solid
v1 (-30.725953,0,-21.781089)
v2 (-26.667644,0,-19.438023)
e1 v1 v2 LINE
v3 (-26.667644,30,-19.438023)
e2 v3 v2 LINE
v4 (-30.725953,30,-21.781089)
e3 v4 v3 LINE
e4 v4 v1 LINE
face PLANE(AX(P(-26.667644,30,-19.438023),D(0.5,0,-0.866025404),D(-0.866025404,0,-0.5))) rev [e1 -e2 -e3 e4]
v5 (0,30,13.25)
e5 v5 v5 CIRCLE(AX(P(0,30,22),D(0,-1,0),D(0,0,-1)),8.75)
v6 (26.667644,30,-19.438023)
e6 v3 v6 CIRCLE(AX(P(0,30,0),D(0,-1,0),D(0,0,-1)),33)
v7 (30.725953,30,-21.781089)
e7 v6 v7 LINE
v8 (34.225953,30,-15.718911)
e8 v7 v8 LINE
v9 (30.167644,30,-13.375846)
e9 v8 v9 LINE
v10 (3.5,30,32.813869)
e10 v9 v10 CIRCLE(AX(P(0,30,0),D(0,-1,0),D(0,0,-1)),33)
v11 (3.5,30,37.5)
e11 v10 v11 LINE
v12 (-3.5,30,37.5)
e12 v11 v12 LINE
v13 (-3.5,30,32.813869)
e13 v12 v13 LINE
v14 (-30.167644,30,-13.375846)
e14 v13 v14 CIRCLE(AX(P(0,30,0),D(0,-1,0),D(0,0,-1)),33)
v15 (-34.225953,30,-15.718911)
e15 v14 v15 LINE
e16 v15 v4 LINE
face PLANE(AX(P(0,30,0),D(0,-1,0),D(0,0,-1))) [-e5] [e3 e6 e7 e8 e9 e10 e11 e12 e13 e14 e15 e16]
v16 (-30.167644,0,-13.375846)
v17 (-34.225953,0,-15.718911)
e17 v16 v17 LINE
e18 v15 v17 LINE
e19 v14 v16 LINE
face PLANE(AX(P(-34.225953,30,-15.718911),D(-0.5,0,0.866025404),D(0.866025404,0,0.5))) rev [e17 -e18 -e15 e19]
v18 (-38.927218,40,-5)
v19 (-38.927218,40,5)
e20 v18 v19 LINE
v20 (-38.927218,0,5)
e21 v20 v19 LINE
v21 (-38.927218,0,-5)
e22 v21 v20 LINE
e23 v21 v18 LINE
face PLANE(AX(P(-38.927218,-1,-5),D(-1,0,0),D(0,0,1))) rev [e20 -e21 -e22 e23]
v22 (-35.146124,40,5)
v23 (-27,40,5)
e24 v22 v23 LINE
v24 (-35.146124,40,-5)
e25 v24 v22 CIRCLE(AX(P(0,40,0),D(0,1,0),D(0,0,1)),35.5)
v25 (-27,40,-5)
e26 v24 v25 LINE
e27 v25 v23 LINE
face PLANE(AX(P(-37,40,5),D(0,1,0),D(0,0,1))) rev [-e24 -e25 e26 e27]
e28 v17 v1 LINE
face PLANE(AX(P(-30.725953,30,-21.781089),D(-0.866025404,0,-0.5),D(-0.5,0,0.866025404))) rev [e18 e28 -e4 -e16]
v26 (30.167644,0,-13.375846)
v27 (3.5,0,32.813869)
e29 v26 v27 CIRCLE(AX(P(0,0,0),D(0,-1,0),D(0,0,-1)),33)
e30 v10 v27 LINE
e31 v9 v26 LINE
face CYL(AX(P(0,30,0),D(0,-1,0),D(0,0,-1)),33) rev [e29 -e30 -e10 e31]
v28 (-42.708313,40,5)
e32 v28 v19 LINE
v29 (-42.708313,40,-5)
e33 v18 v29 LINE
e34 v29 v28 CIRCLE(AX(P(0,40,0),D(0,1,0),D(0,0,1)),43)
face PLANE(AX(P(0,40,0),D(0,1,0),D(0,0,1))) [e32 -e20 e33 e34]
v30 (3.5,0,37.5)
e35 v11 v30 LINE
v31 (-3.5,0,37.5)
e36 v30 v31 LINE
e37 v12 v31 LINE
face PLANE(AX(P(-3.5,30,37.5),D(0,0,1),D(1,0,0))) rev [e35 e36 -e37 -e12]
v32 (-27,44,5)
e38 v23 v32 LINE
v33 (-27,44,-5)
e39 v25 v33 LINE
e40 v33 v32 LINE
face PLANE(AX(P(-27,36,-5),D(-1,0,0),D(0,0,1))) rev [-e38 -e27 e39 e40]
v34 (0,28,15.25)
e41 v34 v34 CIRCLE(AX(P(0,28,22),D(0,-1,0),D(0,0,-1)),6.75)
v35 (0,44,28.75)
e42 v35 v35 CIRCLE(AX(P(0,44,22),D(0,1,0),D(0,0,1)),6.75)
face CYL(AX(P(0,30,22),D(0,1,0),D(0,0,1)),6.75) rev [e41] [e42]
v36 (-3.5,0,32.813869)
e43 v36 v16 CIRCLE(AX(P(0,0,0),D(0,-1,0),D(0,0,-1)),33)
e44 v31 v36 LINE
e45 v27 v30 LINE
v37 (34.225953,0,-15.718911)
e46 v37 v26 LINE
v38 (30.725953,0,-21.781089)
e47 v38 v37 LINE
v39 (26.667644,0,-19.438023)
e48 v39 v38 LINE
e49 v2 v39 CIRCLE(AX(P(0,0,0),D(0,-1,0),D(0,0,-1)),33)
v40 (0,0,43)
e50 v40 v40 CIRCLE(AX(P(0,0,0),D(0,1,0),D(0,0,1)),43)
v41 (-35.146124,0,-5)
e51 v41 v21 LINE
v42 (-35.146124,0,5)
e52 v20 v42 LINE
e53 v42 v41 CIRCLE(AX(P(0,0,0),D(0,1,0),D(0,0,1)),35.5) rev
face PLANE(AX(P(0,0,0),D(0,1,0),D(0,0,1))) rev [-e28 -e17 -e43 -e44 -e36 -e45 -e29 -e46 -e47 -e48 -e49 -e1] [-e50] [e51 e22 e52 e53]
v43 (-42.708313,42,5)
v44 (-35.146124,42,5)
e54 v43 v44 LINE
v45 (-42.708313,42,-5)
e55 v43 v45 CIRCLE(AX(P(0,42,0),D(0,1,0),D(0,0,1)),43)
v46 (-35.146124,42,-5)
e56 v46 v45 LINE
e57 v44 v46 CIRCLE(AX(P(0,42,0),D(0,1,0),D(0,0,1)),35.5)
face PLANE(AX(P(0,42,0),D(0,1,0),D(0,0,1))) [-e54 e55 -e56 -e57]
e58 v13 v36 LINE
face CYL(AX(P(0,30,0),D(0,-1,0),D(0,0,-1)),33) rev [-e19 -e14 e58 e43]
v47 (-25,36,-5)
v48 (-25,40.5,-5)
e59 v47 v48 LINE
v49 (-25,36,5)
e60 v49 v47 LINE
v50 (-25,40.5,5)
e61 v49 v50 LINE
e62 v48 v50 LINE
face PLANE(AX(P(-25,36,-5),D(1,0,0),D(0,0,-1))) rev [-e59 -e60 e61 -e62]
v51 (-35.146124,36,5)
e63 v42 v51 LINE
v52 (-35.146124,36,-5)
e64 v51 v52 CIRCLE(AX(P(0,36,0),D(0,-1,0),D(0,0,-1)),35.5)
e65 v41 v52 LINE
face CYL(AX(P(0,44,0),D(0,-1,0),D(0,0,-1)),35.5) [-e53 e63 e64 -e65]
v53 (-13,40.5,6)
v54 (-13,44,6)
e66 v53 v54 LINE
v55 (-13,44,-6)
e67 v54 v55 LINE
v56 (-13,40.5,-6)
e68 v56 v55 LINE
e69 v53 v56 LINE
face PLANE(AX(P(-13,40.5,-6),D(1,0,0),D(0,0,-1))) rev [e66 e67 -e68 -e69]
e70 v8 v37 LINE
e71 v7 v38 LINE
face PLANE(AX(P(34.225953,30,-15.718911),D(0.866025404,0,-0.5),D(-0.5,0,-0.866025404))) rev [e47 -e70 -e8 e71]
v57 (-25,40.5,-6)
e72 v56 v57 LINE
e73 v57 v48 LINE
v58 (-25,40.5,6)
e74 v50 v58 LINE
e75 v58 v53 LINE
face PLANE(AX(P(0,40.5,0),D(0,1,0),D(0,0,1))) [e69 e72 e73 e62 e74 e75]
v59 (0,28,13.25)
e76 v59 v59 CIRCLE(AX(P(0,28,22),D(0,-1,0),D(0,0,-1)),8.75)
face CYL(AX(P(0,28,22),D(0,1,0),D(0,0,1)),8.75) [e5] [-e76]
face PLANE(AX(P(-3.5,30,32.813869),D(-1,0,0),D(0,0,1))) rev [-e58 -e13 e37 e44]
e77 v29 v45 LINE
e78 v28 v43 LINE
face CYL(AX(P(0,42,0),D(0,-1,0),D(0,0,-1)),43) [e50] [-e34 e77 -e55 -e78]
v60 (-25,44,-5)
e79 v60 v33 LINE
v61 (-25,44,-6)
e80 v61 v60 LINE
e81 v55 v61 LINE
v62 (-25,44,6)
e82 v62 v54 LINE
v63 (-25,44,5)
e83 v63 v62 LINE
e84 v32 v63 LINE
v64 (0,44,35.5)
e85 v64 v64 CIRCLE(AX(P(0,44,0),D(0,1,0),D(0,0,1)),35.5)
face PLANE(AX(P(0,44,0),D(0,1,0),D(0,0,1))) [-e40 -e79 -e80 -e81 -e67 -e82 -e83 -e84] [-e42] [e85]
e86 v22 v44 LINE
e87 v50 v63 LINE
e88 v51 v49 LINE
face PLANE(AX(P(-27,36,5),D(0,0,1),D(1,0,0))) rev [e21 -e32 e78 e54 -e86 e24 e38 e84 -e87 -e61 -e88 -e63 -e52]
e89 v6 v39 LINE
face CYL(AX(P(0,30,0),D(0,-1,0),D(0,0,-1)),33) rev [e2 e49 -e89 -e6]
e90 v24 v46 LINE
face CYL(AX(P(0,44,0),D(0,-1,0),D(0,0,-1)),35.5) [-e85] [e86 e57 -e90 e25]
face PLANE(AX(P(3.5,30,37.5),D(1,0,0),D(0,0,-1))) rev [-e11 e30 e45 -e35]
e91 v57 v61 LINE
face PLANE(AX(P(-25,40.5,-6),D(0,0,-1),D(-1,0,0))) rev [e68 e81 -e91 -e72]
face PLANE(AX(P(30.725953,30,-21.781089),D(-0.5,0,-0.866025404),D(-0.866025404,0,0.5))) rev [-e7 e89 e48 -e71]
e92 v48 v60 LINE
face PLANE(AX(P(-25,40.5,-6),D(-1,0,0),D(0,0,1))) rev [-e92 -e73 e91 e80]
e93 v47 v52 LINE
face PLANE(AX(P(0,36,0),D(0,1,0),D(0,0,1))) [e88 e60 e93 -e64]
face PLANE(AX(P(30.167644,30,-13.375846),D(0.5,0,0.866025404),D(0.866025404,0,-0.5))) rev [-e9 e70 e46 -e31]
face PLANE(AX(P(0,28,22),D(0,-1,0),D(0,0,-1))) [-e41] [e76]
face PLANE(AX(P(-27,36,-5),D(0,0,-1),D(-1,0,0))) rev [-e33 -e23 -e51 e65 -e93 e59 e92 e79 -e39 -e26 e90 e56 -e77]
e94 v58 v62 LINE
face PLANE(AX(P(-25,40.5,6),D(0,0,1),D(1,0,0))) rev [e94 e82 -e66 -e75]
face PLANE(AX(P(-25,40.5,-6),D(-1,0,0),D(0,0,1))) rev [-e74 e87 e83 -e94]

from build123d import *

# Parameters (mm, degrees)
SKETCH2_R           = 43
BOSS_EXTRUDE1_DEPTH = 42
SKETCH3_R           = 35.5
BOSS_EXTRUDE2_DEPTH = 2
CUT_EXTRUDE1_DEPTH  = 30
SKETCH6_W           = 12
SKETCH6_H           = 12
CUT_EXTRUDE2_DEPTH  = 3.5
SKETCH5_W           = 2
SKETCH5_H           = 10
CUT_EXTRUDE3_DEPTH  = 8
SKETCH7_R           = 6.75
CUT_EXTRUDE4_DEPTH  = 14
CUT_EXTRUDE5_DEPTH  = 2
CUT_EXTRUDE6_DEPTH  = 41
SKETCH10_W          = 10
SKETCH10_H          = 4
CUT_EXTRUDE7_DEPTH  = 10
SKETCH11_R          = 8.75
SKETCH11_R_2        = 6.75
BOSS_EXTRUDE3_DEPTH = 2


with BuildPart() as part:
    # Sketch2 → Boss-Extrude1 (new body)
    with BuildSketch(Plane(origin=(0, 0, 0), x_dir=(1, 0, 0), z_dir=(0, 1, 0))):
        Circle(SKETCH2_R)
    extrude(amount=BOSS_EXTRUDE1_DEPTH)

    # Sketch3 → Boss-Extrude2 (add)
    with BuildSketch(Plane(origin=(0, 42, 0), x_dir=(1, 0, 0), z_dir=(0, 1, 0))):
        Circle(SKETCH3_R)
    extrude(amount=BOSS_EXTRUDE2_DEPTH)

    # Sketch4 → Cut-Extrude1 (cut)
    with BuildSketch(Plane.XZ):
        with BuildLine():
            Line((-3.5, 32.813869019), (-3.5, 37.5))
            Line((-3.5, 37.5), (3.5, 37.5))
            Line((3.5, 37.5), (3.5, 32.813869019))
            ThreePointArc((3.5, 32.813869019), (28.578838325, 16.5), (30.167644167, -13.375845596))
            Line((30.167644167, -13.375845596), (34.225952642, -15.718911087))
            Line((34.225952642, -15.718911087), (30.725952642, -21.781088913))
            Line((30.725952642, -21.781088913), (26.667644167, -19.438023423))
            ThreePointArc((26.667644167, -19.438023423), (0, -33), (-26.667644167, -19.438023423))
            Line((-26.667644167, -19.438023423), (-30.725952642, -21.781088913))
            Line((-30.725952642, -21.781088913), (-34.225952642, -15.718911087))
            Line((-34.225952642, -15.718911087), (-30.167644167, -13.375845596))
            ThreePointArc((-30.167644167, -13.375845596), (-28.578838325, 16.5), (-3.5, 32.813869019))
        make_face()
    extrude(amount=-CUT_EXTRUDE1_DEPTH, mode=Mode.SUBTRACT)

    # Sketch6 → Cut-Extrude2 (cut)
    with BuildSketch(Plane(origin=(0, 44, 0), x_dir=(1, 0, 0), z_dir=(0, 1, 0))):
        with Locations((-19, 0)):
            Rectangle(SKETCH6_W, SKETCH6_H)
    extrude(amount=-CUT_EXTRUDE2_DEPTH, mode=Mode.SUBTRACT)

    # Sketch5 → Cut-Extrude3 (cut)
    with BuildSketch(Plane(origin=(0, 44, 0), x_dir=(1, 0, 0), z_dir=(0, 1, 0))):
        with Locations((-26, 0)):
            Rectangle(SKETCH5_W, SKETCH5_H)
    extrude(amount=-CUT_EXTRUDE3_DEPTH, mode=Mode.SUBTRACT)

    # Sketch7 → Cut-Extrude4 (cut)
    with BuildSketch(Plane(origin=(0, 44, 0), x_dir=(1, 0, 0), z_dir=(0, 1, 0))):
        with Locations((0, -22)):
            Circle(SKETCH7_R)
    extrude(amount=-CUT_EXTRUDE4_DEPTH, mode=Mode.SUBTRACT)

    # Sketch8 → Cut-Extrude5 (cut)
    with BuildSketch(Plane(origin=(0, 42, 0), x_dir=(1, 0, 0), z_dir=(0, 1, 0))):
        with BuildLine():
            Line((-42.708313008, 5), (-35.146123542, 5))
            ThreePointArc((-35.146123542, 5), (-35.5, 0), (-35.146123542, -5))
            Line((-35.146123542, -5), (-42.708313008, -5))
            ThreePointArc((-42.708313008, -5), (-43, 0), (-42.708313008, 5))
        make_face()
    extrude(amount=-CUT_EXTRUDE5_DEPTH, mode=Mode.SUBTRACT)

    # Sketch9 → Cut-Extrude6 (cut)
    with BuildSketch(Plane(origin=(0, 40, 0), x_dir=(1, 0, 0), z_dir=(0, 1, 0))):
        with BuildLine():
            Line((-35.146123542, 5), (-38.927218275, 5))
            Line((-38.927218275, 5), (-38.927218275, -5))
            Line((-38.927218275, -5), (-35.146123542, -5))
            ThreePointArc((-35.146123542, -5), (-35.5, 0), (-35.146123542, 5))
        make_face()
    extrude(amount=-CUT_EXTRUDE6_DEPTH, mode=Mode.SUBTRACT)

    # Sketch10 → Cut-Extrude7 (cut)
    with BuildSketch(Plane(origin=(-27, 0, 0), x_dir=(0, 0, -1), z_dir=(1, 0, 0))):
        with Locations((0, 38)):
            Rectangle(SKETCH10_W, SKETCH10_H)
    extrude(amount=-CUT_EXTRUDE7_DEPTH, mode=Mode.SUBTRACT)

    # Sketch11 → Boss-Extrude3 (add)
    with BuildSketch(Plane.XZ.offset(-30)):
        with Locations((0, 22)):
            Circle(SKETCH11_R)
        with Locations((0, 22)):
            Circle(SKETCH11_R_2, mode=Mode.SUBTRACT)
    extrude(amount=BOSS_EXTRUDE3_DEPTH)


solid = part.part
